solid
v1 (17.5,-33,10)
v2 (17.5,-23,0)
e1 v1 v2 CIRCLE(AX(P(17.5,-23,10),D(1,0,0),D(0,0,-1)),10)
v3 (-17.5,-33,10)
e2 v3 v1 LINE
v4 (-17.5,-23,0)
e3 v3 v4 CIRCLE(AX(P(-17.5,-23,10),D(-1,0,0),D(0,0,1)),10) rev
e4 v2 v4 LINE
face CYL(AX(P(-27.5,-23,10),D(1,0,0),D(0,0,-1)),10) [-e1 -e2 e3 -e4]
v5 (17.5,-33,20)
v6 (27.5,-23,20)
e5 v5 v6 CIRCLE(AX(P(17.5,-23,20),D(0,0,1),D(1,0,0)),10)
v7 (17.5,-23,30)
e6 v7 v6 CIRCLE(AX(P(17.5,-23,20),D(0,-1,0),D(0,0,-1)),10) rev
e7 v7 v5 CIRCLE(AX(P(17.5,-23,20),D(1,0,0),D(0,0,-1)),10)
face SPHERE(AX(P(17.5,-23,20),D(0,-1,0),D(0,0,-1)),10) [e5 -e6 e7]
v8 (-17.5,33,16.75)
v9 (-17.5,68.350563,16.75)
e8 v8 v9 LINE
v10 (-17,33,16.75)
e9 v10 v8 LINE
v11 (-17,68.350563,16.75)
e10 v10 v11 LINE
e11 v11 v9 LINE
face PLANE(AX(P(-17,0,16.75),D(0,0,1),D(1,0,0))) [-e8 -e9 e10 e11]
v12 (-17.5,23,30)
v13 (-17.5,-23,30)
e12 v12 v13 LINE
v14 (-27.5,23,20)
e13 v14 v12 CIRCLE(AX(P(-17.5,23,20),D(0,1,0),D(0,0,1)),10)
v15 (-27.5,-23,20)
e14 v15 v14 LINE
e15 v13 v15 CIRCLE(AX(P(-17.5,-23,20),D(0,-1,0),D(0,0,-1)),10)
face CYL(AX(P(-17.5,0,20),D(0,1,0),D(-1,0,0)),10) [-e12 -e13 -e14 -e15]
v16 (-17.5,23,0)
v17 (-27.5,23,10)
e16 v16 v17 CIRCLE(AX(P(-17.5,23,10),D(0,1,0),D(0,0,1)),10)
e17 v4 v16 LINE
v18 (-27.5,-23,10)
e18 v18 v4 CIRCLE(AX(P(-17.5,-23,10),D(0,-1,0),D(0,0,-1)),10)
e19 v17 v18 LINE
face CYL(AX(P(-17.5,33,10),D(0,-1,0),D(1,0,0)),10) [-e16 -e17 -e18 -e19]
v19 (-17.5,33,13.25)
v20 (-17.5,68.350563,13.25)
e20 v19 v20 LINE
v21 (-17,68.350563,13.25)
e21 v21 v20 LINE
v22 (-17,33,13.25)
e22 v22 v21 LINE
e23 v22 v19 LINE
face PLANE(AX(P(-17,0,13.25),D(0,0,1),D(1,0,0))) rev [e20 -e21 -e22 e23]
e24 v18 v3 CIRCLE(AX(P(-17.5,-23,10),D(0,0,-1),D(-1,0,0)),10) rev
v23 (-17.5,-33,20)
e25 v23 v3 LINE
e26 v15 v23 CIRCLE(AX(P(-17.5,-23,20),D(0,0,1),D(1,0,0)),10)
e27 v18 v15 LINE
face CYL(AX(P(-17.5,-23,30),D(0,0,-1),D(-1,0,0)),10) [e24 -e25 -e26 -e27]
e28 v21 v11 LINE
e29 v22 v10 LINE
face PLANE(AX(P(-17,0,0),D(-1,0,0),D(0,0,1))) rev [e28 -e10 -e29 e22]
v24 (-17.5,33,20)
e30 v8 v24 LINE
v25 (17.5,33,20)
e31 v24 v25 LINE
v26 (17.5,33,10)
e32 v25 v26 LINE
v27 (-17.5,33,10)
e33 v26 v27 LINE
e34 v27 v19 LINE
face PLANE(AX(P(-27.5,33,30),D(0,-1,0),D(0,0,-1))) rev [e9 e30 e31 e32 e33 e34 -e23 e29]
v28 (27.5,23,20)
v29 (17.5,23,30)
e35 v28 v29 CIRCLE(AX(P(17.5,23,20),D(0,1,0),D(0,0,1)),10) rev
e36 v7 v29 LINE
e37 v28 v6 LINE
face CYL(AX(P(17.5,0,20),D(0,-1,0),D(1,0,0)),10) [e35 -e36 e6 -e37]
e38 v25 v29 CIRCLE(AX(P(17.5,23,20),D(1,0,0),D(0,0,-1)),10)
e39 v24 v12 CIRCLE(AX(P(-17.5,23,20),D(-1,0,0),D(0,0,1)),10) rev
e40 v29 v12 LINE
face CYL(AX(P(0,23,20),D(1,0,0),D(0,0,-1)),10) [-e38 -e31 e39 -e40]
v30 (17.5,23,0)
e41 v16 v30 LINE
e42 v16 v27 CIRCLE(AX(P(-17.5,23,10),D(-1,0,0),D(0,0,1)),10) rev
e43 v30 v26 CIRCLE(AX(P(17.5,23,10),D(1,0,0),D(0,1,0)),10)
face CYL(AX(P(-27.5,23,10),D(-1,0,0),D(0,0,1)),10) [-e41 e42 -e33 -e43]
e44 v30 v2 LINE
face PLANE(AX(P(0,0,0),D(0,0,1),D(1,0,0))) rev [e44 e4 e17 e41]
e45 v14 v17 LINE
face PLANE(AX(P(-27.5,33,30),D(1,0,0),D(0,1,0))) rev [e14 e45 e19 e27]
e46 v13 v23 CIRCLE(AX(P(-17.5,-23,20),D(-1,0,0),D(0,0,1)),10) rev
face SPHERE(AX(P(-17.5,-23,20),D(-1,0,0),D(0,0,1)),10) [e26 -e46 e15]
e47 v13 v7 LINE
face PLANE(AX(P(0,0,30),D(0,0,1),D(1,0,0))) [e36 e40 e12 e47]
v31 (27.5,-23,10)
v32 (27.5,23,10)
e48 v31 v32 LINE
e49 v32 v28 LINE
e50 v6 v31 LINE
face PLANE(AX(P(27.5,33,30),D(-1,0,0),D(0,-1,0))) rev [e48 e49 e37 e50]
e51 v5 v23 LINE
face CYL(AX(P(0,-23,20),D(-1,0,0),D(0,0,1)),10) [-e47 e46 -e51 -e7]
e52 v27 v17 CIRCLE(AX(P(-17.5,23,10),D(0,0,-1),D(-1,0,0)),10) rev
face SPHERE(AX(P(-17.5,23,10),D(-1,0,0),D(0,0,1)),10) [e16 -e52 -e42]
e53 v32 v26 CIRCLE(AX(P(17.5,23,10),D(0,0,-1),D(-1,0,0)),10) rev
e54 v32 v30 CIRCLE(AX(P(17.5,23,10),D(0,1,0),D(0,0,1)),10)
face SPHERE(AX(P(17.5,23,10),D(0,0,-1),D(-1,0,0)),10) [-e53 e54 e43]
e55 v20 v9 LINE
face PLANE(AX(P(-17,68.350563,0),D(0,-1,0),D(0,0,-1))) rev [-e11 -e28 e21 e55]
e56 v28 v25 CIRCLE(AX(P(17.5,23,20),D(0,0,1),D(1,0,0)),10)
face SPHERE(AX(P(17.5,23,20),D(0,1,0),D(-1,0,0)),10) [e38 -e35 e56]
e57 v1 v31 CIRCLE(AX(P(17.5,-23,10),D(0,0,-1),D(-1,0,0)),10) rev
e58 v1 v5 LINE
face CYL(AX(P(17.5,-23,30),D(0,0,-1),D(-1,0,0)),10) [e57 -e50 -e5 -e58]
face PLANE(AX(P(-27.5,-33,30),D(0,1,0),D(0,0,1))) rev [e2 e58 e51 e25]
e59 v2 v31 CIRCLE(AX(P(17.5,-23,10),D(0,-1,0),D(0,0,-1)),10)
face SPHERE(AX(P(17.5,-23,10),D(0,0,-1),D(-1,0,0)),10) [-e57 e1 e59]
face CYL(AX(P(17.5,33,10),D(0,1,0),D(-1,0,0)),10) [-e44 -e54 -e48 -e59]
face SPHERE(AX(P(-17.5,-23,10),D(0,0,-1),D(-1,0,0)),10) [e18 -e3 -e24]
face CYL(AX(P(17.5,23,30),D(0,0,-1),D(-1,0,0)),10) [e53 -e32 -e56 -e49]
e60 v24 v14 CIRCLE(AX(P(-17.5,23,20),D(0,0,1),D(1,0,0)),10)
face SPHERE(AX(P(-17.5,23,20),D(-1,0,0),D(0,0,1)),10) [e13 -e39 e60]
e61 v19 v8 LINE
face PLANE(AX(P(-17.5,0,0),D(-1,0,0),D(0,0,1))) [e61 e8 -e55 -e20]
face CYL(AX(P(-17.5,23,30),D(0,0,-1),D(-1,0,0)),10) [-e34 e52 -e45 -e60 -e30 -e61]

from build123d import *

# Parameters (mm, degrees)
SKETCH_1_W      = 55
SKETCH_1_H      = 66
EXTRUDE_1_DEPTH = 30
FILLET_1_R      = 10
SKETCH_2_W      = 0.5
SKETCH_2_H      = 35.350562887
EXTRUDE_2_DEPTH = 0.5
SKETCH_2_4_W    = 0.5
SKETCH_2_4_H    = 35.350562887
EXTRUDE_4_DEPTH = 0.5
SKETCH_2_5_W    = 0.5
SKETCH_2_5_H    = 35.350562887
EXTRUDE_5_DEPTH = 0.5
SKETCH_2_6_W    = 0.5
SKETCH_2_6_H    = 35.350562887
EXTRUDE_6_DEPTH = 0.5
SKETCH_2_7_W    = 1.5
SKETCH_2_7_H    = 35.350562887
EXTRUDE_7_DEPTH = 0.5


with BuildPart() as part:
    # 草图1 → 凸台-拉伸1 (new body)
    with BuildSketch(Plane.XY):
        Rectangle(SKETCH_1_W, SKETCH_1_H)
    extrude(amount=EXTRUDE_1_DEPTH)

    # 圆角1
    fillet_1_edges = [part.edges().sort_by_distance(p)[0] for p in [
        (-27.5, 0, 30),
        (0, -33, 30),
        (27.5, 0, 30),
        (0, -33, 0),
        (-27.5, 0, 0),
        (0, 33, 0),
        (27.5, 0, 0),
        (27.5, -33, 15),
        (-27.5, -33, 15),
        (-27.5, 33, 15),
        (27.5, 33, 15),
        (0, 33, 30),
    ]]
    fillet(fillet_1_edges, radius=FILLET_1_R)

    # 草图2 → 凸台-拉伸2 (add)
    with BuildSketch(Plane.ZY.offset(17.5)):
        with Locations((13.5, 50.675281444)):
            Rectangle(SKETCH_2_W, SKETCH_2_H)
    extrude(amount=-EXTRUDE_2_DEPTH)

    # 草图2<4> → 凸台-拉伸4 (add)
    with BuildSketch(Plane.ZY.offset(17.5)):
        with Locations((14, 50.675281444)):
            Rectangle(SKETCH_2_4_W, SKETCH_2_4_H)
    extrude(amount=-EXTRUDE_4_DEPTH)

    # 草图2<5> → 凸台-拉伸5 (add)
    with BuildSketch(Plane.ZY.offset(17.5)):
        with Locations((15, 50.675281444)):
            Rectangle(SKETCH_2_5_W, SKETCH_2_5_H)
    extrude(amount=-EXTRUDE_5_DEPTH)

    # 草图2<6> → 凸台-拉伸6 (add)
    with BuildSketch(Plane.ZY.offset(17.5)):
        with Locations((14.5, 50.675281444)):
            Rectangle(SKETCH_2_6_W, SKETCH_2_6_H)
    extrude(amount=-EXTRUDE_6_DEPTH)

    # 草图2<7> → 凸台-拉伸7 (add)
    with BuildSketch(Plane.ZY.offset(17.5)):
        with Locations((16, 50.675281444)):
            Rectangle(SKETCH_2_7_W, SKETCH_2_7_H)
    extrude(amount=-EXTRUDE_7_DEPTH)


solid = part.part
